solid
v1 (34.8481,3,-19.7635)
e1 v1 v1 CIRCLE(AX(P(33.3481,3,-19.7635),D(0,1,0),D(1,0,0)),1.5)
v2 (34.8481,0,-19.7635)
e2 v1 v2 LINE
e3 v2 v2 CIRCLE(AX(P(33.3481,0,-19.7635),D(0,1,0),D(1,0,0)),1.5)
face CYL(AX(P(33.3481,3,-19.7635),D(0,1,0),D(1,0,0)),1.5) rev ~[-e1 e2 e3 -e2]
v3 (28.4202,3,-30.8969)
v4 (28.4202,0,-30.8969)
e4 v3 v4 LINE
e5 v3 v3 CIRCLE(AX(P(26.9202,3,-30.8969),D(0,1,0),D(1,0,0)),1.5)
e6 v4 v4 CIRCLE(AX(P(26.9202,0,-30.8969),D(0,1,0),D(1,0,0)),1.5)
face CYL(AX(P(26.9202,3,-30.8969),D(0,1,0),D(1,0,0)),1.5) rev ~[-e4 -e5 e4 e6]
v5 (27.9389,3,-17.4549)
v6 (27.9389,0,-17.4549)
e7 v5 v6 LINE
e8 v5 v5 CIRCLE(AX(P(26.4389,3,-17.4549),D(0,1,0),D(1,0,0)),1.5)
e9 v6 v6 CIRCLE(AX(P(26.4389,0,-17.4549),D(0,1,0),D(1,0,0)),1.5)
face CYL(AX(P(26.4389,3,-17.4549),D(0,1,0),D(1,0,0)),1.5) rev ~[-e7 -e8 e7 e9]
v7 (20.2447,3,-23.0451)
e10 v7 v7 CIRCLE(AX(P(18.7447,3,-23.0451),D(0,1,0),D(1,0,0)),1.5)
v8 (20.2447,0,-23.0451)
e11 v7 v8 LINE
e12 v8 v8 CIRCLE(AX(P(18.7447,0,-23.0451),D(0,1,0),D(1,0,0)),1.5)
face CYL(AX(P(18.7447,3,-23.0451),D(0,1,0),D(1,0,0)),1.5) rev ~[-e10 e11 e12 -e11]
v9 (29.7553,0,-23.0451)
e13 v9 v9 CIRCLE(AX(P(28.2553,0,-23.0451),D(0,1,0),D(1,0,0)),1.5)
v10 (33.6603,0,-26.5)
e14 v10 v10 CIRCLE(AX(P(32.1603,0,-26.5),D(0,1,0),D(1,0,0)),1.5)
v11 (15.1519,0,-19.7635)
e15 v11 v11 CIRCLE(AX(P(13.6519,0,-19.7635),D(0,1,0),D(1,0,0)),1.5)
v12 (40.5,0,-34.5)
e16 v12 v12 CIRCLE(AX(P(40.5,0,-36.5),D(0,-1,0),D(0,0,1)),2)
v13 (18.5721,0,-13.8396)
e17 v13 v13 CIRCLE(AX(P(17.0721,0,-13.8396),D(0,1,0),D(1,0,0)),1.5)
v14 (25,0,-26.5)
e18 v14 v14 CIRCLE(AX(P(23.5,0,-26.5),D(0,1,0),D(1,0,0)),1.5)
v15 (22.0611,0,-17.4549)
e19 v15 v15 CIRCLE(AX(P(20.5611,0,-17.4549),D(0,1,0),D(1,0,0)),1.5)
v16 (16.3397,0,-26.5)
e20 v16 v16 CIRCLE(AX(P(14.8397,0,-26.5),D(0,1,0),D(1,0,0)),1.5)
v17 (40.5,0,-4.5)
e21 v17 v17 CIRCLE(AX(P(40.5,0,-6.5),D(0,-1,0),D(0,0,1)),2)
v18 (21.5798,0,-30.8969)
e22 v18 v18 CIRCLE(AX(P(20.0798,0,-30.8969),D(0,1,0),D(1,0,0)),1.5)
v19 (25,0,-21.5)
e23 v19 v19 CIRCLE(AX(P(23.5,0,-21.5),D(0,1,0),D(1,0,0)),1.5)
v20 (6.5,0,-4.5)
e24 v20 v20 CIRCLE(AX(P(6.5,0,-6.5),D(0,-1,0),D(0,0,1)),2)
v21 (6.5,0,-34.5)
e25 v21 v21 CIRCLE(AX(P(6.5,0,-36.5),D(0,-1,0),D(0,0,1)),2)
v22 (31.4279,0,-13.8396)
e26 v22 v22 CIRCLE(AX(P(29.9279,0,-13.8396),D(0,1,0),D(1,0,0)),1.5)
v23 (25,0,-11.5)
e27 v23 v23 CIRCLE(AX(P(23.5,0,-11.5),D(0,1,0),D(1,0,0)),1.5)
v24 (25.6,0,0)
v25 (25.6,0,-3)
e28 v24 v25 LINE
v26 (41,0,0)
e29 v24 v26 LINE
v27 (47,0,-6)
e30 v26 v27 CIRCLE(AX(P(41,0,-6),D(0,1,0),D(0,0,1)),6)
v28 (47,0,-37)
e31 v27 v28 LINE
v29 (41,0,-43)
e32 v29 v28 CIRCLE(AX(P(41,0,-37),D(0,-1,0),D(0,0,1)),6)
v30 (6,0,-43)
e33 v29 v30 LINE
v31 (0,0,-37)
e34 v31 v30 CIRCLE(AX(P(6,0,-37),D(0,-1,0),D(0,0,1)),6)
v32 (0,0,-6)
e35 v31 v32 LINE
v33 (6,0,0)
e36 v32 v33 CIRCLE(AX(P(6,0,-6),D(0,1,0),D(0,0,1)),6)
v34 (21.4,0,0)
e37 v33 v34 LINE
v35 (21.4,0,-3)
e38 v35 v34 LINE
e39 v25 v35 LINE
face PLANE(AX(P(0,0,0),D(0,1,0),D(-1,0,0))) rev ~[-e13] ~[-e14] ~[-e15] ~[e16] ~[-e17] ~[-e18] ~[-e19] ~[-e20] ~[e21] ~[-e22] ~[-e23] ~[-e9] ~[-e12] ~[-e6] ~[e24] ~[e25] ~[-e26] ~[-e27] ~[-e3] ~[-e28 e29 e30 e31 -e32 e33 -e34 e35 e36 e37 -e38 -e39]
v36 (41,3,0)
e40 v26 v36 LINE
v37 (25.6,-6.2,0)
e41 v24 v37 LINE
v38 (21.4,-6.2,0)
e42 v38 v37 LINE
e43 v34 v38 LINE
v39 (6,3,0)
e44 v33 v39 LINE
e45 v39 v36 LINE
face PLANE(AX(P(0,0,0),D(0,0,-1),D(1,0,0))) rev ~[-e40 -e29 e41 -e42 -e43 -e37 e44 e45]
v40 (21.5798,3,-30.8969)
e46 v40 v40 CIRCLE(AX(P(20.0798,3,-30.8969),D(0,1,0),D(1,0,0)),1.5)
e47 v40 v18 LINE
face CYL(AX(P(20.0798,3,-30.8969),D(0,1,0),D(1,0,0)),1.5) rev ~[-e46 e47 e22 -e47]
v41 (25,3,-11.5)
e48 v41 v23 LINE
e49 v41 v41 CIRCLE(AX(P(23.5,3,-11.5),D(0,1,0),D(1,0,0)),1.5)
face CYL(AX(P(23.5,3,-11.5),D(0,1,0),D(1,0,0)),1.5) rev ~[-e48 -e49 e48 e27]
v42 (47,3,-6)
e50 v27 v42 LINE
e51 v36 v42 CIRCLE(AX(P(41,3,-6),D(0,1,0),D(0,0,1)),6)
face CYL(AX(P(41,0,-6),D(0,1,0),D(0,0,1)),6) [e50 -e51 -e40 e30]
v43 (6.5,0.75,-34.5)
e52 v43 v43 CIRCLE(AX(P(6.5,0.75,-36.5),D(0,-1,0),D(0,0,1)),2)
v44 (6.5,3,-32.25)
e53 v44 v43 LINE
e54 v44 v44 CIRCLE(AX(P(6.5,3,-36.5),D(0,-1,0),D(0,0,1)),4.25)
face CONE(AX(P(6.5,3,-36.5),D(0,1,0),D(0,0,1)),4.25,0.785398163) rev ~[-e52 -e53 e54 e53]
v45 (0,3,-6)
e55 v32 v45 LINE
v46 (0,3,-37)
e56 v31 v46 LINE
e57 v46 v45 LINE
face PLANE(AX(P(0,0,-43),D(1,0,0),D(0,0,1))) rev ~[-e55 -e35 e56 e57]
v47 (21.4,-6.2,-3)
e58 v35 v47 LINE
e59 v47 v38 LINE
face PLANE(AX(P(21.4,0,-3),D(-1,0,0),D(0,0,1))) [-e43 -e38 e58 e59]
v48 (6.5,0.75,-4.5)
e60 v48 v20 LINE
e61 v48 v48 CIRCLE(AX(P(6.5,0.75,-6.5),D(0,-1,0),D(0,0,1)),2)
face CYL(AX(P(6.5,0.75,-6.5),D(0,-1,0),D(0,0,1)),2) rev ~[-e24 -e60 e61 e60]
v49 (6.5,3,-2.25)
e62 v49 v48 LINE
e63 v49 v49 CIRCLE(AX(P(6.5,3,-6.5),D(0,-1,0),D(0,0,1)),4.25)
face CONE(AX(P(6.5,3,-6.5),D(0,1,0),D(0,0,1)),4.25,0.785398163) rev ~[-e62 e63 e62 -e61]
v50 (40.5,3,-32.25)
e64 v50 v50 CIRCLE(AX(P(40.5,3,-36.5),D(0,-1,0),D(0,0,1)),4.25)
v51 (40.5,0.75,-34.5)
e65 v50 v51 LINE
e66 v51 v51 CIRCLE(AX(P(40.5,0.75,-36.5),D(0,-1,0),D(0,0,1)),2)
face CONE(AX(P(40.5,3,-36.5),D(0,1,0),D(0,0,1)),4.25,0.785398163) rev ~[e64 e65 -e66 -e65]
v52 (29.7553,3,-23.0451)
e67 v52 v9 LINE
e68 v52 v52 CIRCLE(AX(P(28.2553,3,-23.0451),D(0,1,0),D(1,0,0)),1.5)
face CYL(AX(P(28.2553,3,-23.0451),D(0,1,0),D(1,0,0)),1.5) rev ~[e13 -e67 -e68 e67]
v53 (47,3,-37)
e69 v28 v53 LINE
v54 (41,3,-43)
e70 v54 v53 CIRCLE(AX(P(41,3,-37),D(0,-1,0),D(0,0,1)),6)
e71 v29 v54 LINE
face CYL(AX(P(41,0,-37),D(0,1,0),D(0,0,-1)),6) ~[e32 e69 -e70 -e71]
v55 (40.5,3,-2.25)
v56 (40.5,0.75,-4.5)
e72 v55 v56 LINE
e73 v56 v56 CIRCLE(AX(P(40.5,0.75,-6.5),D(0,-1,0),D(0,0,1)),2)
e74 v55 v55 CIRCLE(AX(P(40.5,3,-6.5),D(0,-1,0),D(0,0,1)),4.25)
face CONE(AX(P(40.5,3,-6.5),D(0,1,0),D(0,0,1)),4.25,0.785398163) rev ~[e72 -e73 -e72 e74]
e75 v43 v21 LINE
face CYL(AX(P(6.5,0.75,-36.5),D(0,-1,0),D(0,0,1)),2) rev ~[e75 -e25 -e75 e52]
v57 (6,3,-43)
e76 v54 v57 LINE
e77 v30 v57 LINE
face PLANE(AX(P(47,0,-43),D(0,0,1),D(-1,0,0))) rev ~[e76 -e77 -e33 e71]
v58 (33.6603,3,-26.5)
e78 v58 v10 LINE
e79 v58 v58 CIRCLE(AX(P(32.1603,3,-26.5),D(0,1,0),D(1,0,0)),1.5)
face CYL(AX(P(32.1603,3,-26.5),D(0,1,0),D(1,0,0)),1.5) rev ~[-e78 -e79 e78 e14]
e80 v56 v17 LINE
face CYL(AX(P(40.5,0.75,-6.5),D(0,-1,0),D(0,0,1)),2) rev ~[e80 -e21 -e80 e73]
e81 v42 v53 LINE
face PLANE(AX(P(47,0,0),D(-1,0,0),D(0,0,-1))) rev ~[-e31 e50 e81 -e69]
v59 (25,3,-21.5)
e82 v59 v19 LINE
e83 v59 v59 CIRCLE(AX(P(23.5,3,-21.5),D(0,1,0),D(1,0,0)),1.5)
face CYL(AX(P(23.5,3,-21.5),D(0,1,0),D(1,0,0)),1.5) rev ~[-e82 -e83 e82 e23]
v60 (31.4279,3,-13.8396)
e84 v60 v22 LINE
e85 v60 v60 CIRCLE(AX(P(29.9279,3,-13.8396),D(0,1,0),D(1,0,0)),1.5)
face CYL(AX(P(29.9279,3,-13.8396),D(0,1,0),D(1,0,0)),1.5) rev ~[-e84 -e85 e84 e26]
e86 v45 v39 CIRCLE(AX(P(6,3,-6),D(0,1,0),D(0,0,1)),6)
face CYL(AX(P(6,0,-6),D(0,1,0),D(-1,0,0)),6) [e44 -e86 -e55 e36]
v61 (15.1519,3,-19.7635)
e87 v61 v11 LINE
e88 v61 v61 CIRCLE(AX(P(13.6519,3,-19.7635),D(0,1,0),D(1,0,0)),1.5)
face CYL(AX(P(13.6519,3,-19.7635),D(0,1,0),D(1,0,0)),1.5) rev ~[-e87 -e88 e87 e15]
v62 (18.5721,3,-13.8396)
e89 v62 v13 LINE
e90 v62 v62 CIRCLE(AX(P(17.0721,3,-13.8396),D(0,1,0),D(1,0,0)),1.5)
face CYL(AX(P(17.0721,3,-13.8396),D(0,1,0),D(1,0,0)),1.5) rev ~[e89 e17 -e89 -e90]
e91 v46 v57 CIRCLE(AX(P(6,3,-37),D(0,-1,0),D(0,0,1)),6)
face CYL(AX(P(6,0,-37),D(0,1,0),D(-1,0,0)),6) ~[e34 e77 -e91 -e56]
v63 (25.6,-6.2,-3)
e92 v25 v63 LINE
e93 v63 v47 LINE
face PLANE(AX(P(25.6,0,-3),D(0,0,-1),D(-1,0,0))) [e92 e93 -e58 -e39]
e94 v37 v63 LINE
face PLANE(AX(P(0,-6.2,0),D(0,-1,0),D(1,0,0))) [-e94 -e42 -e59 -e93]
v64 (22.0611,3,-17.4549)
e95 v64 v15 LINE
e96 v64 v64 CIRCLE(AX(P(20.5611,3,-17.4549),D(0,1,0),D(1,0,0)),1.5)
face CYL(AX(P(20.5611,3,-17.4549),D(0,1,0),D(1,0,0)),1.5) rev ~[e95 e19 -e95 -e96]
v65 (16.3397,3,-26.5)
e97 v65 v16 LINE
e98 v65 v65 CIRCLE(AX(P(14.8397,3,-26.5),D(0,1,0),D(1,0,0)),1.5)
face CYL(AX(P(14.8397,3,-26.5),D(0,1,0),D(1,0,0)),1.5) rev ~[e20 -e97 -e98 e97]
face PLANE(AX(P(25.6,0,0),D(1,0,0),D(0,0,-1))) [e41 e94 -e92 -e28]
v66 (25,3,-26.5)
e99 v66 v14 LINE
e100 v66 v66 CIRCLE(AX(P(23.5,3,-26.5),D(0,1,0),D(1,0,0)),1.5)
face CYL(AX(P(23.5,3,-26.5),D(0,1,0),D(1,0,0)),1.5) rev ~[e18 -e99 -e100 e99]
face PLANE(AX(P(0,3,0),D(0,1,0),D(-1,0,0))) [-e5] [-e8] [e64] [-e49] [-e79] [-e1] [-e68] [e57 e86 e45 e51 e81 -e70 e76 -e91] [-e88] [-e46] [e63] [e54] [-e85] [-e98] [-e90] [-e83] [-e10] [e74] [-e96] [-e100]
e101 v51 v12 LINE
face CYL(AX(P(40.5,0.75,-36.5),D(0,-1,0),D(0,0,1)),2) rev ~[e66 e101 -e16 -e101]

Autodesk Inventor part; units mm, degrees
ref_plane "YZ Plane" through (0, 0, 0) normal (1, 0, 0) x (0, 1, 0)
ref_plane "XZ Plane" through (0, 0, 0) normal (0, 1, 0) x (-1, 0, 0)
ref_plane "XY Plane" through (0, 0, 0) normal (0, 0, 1) x (1, 0, 0)
sketch "Sketch1" plane through (0, 0, 0) normal (0, 1, 0) x (-1, 0, 0)
  line L0 (0, 0) -> (-47, 0)
  line L1 (-47, 0) -> (-47, -43)
  line L2 (-47, -43) -> (0, -43)
  line L3 (0, -43) -> (0, 0)
  dimension "d0" = 43
  dimension "d1" = 47
extrude "Extrusion1" add sketch "Sketch1" along normal blind 3
sketch "Sketch2" plane through (0, 3, 0) normal (0, 1, 0) x (1, 0, 0)
  line L0 (47, 43) -> (0, 43) projected
  line L1 (0, 43) -> (0, 0) projected
  line L2 (6.5, 36.5) -> (40.5, 36.5) construction
  line L3 (40.5, 36.5) -> (40.5, 6.5) construction
  line L4 (40.5, 6.5) -> (6.5, 6.5) construction
  line L5 (6.5, 6.5) -> (6.5, 36.5) construction
  point P0 (23.5, 36.5)
  point P1 (23.5, 43)
  point P2 (6.5, 21.5)
  point P3 (0, 21.5)
  dimension "d4" = 6.5
  dimension "d5" = 6.5
hole "Hole1" at (6.5, 3, -6.5) at (6.5, 3, -36.5) at (40.5, 3, -36.5) at (40.5, 3, -6.5) direction (0, -1, 0) diameter 4 end through all countersink diameter 8.5 countersink angle 90
sketch "Sketch3" plane through (0, 0, 0) normal (0, -1, 0) x (1, 0, 0)
  line L0 (0, 0) -> (47, 0) projected
  line L1 (21.4, 0) -> (25.6, 0)
  line L2 (25.6, 0) -> (25.6, -3)
  line L3 (25.6, -3) -> (21.4, -3)
  line L4 (21.4, -3) -> (21.4, 0)
  point P0 (23.5, -3)
  point P1 (23.5, 0)
  dimension "d13" = 4.2
  dimension "d14" = 3
extrude "Extrusion2" add sketch "Sketch3" along normal blind 6.2
sketch "Sketch4" plane through (0, 3, 0) normal (0, 1, 0) x (1, 0, 0)
  line L0 (47, 43) -> (0, 43) projected
  line L1 (0, 43) -> (0, 0) projected
  circle A0 centre (23.5, 21.5) radius 1.5
  circle A1 centre (23.5, 26.5) radius 1.5
  circle A2 centre (18.7447, 23.0451) radius 1.5
  circle A3 centre (20.5611, 17.4549) radius 1.5
  circle A4 centre (26.4389, 17.4549) radius 1.5
  circle A5 centre (28.2553, 23.0451) radius 1.5
  circle A6 centre (23.5, 11.5) radius 1.5
  circle A7 centre (29.9279, 13.8396) radius 1.5
  circle A8 centre (33.3481, 19.7635) radius 1.5
  circle A9 centre (32.1603, 26.5) radius 1.5
  circle A10 centre (26.9202, 30.8969) radius 1.5
  circle A11 centre (20.0798, 30.8969) radius 1.5
  circle A12 centre (14.8397, 26.5) radius 1.5
  circle A13 centre (13.6519, 19.7635) radius 1.5
  circle A14 centre (17.0721, 13.8396) radius 1.5
  point P0 (23.5, 43)
  point P1 (0, 21.5)
  dimension "d17" = 3
  dimension "d18" = 3
  dimension "d19" = 5
  dimension "d22" = 360
  dimension "d24" = 3
  dimension "d25" = 10
  dimension "d28" = 360
extrude "Extrusion3" cut sketch "Sketch4" against normal through all
fillet "Fillet1" radius 6 4 edges at (0, 1.5, -43) (0, 1.5, 0) (47, 1.5, 0) (47, 1.5, -43)
equation "\"d5\" = d4"
equation "\"d18\" = d17"
equation "\"d24\" = d17"
properties part number "dht22_case_top"
